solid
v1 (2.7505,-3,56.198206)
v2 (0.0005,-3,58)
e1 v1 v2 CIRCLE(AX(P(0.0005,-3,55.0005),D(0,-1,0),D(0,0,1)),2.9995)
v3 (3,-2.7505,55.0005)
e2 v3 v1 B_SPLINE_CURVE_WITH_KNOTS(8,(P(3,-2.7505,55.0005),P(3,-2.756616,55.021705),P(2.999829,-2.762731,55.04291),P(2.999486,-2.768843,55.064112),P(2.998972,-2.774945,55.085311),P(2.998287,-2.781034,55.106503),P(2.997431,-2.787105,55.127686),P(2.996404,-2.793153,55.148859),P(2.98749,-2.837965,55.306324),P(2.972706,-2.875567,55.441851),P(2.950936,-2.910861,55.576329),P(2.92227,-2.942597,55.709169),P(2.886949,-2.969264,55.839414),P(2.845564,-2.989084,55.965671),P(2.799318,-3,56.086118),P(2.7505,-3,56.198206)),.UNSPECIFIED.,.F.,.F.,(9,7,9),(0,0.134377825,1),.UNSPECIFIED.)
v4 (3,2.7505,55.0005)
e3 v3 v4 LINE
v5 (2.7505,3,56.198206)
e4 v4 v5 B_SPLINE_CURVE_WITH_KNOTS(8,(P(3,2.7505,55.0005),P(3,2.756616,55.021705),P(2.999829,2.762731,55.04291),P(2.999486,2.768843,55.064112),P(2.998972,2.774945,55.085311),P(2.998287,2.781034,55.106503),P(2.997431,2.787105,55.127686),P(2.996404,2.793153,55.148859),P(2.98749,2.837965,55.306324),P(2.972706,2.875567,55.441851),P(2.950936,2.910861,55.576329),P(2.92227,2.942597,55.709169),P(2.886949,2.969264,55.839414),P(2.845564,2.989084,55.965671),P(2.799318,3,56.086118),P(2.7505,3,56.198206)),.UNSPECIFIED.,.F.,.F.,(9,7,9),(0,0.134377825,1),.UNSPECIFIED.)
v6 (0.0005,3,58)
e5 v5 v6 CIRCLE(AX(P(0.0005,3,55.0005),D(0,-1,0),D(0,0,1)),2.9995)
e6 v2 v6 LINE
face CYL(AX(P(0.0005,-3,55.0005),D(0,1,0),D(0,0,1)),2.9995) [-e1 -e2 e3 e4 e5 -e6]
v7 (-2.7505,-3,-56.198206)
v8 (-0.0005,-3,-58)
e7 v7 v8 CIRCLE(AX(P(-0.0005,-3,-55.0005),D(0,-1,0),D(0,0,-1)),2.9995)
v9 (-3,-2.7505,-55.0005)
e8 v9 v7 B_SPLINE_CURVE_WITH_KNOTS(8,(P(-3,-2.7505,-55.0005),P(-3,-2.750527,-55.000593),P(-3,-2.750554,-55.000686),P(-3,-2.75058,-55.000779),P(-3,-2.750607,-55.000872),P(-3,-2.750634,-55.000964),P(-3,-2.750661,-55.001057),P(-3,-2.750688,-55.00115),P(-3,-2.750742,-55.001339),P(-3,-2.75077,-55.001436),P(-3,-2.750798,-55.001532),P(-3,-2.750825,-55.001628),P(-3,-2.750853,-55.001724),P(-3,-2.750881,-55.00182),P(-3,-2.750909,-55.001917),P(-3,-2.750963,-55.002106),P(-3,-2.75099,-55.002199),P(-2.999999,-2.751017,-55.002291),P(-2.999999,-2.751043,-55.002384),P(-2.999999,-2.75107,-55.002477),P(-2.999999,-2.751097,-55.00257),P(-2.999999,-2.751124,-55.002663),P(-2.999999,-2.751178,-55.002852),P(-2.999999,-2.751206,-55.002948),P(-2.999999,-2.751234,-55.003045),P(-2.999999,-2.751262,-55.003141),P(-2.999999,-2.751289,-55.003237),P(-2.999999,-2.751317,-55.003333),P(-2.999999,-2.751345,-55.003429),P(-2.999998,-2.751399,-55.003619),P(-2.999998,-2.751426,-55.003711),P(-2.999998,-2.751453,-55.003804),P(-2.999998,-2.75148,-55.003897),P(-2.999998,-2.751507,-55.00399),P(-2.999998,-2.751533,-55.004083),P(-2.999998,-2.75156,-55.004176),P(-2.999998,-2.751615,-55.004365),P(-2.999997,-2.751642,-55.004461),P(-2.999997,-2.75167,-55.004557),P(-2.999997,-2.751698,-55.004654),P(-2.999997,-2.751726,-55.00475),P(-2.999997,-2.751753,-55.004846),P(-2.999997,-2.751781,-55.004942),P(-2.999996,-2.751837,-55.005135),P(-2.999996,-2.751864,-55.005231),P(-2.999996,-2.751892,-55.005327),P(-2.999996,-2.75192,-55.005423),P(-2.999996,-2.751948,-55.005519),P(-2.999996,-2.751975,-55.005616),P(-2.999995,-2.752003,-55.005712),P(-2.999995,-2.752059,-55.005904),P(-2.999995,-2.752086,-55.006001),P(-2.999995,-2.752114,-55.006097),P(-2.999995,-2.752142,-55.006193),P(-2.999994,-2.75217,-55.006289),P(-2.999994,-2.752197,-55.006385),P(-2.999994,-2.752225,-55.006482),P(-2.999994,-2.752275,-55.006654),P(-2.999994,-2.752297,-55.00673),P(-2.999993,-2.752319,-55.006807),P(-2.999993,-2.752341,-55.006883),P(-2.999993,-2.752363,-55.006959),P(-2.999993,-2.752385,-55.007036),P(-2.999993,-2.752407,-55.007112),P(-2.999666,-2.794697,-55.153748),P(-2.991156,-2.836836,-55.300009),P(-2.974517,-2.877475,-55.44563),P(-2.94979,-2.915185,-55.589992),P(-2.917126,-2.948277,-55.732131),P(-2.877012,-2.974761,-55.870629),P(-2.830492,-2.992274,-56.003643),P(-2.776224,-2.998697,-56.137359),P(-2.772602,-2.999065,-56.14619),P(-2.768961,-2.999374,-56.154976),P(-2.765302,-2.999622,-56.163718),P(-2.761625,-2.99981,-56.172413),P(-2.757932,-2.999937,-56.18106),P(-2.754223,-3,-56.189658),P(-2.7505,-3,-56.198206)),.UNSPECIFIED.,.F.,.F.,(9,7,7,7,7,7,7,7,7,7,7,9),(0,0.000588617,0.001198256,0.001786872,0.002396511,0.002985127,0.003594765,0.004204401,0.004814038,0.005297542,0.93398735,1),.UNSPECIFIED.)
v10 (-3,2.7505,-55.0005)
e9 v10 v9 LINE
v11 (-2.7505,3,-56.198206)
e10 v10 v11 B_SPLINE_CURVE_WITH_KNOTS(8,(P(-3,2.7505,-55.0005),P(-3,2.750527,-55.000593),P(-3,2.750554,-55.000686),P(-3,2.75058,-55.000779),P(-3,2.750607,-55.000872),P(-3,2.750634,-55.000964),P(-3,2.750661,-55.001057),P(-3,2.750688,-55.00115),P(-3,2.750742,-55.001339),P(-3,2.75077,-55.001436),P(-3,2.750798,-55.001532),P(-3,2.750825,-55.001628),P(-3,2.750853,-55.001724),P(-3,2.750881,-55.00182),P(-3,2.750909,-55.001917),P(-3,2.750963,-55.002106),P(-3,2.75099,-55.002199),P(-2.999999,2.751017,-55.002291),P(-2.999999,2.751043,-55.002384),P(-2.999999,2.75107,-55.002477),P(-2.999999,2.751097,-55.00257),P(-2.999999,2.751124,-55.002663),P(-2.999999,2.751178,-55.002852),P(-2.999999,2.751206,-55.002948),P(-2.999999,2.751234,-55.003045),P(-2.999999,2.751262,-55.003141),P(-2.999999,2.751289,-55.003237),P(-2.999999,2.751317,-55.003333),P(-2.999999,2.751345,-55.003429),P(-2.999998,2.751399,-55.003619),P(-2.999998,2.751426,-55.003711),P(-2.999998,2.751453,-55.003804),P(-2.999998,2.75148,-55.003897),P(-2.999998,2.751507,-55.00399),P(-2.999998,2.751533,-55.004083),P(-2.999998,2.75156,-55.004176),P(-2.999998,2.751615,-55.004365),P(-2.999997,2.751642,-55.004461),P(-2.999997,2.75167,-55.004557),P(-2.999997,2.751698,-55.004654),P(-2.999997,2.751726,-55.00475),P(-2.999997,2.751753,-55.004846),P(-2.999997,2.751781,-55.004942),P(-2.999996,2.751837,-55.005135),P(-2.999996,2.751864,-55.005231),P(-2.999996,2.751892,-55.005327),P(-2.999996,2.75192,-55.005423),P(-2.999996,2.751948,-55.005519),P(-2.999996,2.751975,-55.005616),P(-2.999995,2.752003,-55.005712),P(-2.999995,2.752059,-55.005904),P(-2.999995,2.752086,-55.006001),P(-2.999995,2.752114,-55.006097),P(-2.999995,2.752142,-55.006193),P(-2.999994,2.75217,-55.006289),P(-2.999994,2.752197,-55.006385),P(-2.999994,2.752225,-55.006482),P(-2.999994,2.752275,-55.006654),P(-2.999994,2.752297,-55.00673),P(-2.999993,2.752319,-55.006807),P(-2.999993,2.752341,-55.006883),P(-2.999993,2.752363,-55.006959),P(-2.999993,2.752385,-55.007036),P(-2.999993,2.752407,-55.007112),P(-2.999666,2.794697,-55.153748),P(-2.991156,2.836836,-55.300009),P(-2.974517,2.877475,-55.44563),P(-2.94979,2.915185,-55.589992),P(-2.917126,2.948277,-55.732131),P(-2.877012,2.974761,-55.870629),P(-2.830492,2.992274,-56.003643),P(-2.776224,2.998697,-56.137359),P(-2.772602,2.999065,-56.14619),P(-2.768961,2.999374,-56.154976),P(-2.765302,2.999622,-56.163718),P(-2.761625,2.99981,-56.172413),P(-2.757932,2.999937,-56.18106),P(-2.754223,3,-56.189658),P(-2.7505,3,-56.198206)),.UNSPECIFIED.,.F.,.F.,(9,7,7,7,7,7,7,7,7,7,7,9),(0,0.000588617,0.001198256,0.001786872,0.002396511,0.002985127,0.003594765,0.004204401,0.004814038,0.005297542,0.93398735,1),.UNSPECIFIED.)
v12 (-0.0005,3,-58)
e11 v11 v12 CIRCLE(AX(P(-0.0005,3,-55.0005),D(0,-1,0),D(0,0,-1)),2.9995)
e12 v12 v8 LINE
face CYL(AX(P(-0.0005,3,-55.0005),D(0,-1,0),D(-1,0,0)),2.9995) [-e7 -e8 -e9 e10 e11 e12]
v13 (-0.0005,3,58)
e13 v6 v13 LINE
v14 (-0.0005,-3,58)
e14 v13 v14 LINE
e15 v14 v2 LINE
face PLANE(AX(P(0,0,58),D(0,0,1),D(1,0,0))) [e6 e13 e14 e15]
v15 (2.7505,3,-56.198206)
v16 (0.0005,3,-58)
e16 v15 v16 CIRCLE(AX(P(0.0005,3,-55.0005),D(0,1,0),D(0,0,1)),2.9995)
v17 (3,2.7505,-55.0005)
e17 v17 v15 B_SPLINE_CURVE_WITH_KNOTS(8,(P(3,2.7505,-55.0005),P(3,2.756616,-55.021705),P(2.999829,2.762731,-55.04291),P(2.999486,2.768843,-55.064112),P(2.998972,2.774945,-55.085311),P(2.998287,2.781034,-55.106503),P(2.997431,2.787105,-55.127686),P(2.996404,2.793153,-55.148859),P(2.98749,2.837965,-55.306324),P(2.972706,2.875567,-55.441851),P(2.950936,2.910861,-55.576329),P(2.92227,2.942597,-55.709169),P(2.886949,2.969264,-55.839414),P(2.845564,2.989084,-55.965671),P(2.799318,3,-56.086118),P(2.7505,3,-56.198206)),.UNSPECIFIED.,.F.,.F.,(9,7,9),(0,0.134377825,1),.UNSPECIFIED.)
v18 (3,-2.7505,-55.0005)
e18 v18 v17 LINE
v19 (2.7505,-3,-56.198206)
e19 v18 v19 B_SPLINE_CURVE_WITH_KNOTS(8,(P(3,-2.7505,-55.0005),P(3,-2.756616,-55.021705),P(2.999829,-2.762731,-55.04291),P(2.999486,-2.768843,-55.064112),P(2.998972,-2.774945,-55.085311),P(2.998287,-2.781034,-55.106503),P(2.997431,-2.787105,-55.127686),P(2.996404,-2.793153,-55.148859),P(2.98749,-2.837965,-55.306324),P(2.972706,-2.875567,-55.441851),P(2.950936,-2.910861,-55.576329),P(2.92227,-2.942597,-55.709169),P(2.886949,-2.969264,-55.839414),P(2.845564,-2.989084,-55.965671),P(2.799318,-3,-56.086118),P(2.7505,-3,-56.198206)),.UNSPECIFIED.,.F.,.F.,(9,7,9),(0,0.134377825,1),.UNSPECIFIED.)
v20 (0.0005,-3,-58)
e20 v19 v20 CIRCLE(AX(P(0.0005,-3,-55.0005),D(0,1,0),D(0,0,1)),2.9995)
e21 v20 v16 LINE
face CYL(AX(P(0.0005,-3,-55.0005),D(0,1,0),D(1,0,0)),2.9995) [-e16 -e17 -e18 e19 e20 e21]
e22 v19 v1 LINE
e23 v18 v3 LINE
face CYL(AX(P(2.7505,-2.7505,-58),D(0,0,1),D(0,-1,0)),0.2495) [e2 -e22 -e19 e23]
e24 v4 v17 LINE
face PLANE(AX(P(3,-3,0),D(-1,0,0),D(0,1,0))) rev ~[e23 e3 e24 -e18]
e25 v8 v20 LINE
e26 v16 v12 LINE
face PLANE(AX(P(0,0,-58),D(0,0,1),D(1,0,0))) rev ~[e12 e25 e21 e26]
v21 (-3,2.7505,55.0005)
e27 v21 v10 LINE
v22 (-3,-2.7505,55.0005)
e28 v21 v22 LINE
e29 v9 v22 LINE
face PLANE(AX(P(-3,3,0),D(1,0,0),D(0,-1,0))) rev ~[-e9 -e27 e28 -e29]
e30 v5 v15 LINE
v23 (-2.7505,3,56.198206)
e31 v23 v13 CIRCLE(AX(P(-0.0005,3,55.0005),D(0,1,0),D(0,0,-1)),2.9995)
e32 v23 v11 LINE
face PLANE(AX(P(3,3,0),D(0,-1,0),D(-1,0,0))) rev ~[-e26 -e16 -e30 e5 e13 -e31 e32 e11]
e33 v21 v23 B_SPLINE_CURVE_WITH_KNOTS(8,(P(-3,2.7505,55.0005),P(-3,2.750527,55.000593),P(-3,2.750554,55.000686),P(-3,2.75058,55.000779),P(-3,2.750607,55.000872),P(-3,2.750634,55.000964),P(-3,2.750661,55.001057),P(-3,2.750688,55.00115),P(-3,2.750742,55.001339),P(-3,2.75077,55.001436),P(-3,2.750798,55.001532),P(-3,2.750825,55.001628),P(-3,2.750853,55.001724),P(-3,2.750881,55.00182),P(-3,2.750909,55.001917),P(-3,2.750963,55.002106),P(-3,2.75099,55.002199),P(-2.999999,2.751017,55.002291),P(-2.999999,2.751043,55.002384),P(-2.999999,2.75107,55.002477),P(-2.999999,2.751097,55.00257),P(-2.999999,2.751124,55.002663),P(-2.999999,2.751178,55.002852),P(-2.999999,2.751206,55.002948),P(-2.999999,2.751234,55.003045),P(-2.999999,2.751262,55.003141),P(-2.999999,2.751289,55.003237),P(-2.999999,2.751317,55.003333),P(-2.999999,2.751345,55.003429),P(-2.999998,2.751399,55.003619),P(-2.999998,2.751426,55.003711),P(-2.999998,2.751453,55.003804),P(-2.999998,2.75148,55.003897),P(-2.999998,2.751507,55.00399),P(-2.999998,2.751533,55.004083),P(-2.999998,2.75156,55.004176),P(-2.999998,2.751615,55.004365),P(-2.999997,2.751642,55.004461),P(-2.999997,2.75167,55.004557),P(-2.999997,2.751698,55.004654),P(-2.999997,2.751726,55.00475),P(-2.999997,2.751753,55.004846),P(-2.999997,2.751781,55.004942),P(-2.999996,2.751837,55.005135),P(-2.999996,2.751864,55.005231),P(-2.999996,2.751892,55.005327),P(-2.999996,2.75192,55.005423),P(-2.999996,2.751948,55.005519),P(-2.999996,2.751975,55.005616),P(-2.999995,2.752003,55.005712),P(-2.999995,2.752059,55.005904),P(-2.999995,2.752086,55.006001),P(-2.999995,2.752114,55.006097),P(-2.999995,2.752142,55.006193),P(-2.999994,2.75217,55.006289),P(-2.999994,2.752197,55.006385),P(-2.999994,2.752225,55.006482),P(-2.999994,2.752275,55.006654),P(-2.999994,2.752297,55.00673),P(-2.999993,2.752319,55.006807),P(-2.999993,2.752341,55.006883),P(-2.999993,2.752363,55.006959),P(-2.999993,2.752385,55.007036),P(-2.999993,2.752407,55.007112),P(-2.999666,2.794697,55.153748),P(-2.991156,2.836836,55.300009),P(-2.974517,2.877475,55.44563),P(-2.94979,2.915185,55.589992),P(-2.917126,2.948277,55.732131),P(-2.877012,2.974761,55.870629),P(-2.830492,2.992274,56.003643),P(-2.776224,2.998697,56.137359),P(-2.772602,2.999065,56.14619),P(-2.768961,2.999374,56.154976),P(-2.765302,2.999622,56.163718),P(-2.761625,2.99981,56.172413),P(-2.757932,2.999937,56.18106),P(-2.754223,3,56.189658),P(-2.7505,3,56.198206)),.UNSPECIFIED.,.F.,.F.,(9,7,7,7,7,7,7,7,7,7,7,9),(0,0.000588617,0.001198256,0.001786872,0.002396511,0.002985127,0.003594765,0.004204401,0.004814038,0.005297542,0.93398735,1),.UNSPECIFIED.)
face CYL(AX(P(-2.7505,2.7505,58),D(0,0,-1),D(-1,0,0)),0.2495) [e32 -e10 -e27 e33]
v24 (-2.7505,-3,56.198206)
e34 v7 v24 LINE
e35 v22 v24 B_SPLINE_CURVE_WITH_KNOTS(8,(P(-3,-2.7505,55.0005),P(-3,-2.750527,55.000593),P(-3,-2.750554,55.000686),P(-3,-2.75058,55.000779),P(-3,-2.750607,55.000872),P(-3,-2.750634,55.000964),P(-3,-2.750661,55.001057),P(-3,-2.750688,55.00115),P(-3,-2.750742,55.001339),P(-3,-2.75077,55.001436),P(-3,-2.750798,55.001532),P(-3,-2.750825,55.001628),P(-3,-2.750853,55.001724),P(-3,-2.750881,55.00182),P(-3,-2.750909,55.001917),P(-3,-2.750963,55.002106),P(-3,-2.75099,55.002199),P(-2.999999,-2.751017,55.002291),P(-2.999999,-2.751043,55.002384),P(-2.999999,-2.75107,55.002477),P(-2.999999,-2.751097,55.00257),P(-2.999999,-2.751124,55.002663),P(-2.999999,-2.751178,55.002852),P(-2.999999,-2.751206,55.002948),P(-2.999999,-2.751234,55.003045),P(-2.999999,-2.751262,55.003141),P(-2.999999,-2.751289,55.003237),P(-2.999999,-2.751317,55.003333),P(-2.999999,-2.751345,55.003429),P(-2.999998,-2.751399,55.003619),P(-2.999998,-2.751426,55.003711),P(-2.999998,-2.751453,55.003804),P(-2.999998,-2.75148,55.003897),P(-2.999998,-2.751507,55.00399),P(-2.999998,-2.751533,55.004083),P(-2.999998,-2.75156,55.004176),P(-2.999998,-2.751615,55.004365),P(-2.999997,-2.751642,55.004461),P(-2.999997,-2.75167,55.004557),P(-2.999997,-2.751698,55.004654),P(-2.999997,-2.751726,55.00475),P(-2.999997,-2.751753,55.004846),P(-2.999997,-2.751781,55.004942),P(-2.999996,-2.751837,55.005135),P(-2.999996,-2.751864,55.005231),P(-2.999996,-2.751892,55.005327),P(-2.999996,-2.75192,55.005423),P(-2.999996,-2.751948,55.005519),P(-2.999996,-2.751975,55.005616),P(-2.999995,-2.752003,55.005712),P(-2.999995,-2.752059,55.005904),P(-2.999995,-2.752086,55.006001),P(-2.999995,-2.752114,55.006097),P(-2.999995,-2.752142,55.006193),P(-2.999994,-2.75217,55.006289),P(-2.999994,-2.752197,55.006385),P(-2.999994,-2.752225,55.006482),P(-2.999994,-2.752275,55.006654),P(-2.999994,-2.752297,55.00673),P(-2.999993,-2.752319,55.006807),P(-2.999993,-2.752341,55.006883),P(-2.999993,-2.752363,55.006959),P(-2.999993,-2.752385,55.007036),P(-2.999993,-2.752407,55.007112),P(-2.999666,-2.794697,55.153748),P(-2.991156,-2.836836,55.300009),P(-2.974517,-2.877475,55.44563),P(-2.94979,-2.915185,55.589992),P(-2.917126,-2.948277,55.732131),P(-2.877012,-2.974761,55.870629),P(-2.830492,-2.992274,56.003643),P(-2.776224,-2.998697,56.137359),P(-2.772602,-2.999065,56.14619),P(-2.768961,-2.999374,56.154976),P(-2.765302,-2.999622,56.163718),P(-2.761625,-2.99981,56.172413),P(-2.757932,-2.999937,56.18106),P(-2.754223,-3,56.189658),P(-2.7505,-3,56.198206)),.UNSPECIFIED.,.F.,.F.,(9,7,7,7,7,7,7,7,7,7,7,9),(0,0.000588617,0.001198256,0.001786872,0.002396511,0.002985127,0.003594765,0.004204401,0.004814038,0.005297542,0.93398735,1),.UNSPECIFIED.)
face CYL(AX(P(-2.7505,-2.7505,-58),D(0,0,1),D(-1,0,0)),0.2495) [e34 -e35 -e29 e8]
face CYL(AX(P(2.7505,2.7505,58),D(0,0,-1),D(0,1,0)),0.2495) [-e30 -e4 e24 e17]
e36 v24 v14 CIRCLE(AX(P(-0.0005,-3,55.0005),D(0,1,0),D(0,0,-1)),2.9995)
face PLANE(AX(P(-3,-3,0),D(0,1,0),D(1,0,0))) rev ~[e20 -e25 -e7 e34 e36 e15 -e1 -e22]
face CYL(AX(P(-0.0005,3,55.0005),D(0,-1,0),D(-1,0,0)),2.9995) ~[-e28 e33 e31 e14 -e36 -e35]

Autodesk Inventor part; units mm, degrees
ref_plane "YZ Plane" through (0, 0, 0) normal (1, 0, 0) x (0, 1, 0)
ref_plane "XZ Plane" through (0, 0, 0) normal (0, 1, 0) x (-1, 0, 0)
ref_plane "XY Plane" through (0, 0, 0) normal (0, 0, 1) x (1, 0, 0)
sketch "Sketch2" plane through (0, 0, 0) normal (0, 0, 1) x (1, 0, 0)
  line L0 (-3, -3) -> (3, -3)
  line L1 (3, -3) -> (3, 3)
  line L2 (3, 3) -> (-3, 3)
  line L3 (-3, 3) -> (-3, -3)
  line L4 (-3, -3) -> (3, 3) construction
  line L5 (3, -3) -> (-3, 3) construction
  point P0 (0, 0)
  dimension "d5" = 6
  dimension "d6" = 6
extrude "Extrusion1" add sketch "Sketch2" along normal mid plane 116
fillet "Fillet1" radius 3 4 edges at (3, 0, 58) (-3, 0, 58) (3, 0, -58) (-3, 0, -58)
fillet "Fillet1" radius 0.25 4 edges at (3, 3, 0) (-3, 3, 0) (3, -3, 0) (-3, -3, 0)
properties part number "WheelKey" material "Steel, Alloy"
